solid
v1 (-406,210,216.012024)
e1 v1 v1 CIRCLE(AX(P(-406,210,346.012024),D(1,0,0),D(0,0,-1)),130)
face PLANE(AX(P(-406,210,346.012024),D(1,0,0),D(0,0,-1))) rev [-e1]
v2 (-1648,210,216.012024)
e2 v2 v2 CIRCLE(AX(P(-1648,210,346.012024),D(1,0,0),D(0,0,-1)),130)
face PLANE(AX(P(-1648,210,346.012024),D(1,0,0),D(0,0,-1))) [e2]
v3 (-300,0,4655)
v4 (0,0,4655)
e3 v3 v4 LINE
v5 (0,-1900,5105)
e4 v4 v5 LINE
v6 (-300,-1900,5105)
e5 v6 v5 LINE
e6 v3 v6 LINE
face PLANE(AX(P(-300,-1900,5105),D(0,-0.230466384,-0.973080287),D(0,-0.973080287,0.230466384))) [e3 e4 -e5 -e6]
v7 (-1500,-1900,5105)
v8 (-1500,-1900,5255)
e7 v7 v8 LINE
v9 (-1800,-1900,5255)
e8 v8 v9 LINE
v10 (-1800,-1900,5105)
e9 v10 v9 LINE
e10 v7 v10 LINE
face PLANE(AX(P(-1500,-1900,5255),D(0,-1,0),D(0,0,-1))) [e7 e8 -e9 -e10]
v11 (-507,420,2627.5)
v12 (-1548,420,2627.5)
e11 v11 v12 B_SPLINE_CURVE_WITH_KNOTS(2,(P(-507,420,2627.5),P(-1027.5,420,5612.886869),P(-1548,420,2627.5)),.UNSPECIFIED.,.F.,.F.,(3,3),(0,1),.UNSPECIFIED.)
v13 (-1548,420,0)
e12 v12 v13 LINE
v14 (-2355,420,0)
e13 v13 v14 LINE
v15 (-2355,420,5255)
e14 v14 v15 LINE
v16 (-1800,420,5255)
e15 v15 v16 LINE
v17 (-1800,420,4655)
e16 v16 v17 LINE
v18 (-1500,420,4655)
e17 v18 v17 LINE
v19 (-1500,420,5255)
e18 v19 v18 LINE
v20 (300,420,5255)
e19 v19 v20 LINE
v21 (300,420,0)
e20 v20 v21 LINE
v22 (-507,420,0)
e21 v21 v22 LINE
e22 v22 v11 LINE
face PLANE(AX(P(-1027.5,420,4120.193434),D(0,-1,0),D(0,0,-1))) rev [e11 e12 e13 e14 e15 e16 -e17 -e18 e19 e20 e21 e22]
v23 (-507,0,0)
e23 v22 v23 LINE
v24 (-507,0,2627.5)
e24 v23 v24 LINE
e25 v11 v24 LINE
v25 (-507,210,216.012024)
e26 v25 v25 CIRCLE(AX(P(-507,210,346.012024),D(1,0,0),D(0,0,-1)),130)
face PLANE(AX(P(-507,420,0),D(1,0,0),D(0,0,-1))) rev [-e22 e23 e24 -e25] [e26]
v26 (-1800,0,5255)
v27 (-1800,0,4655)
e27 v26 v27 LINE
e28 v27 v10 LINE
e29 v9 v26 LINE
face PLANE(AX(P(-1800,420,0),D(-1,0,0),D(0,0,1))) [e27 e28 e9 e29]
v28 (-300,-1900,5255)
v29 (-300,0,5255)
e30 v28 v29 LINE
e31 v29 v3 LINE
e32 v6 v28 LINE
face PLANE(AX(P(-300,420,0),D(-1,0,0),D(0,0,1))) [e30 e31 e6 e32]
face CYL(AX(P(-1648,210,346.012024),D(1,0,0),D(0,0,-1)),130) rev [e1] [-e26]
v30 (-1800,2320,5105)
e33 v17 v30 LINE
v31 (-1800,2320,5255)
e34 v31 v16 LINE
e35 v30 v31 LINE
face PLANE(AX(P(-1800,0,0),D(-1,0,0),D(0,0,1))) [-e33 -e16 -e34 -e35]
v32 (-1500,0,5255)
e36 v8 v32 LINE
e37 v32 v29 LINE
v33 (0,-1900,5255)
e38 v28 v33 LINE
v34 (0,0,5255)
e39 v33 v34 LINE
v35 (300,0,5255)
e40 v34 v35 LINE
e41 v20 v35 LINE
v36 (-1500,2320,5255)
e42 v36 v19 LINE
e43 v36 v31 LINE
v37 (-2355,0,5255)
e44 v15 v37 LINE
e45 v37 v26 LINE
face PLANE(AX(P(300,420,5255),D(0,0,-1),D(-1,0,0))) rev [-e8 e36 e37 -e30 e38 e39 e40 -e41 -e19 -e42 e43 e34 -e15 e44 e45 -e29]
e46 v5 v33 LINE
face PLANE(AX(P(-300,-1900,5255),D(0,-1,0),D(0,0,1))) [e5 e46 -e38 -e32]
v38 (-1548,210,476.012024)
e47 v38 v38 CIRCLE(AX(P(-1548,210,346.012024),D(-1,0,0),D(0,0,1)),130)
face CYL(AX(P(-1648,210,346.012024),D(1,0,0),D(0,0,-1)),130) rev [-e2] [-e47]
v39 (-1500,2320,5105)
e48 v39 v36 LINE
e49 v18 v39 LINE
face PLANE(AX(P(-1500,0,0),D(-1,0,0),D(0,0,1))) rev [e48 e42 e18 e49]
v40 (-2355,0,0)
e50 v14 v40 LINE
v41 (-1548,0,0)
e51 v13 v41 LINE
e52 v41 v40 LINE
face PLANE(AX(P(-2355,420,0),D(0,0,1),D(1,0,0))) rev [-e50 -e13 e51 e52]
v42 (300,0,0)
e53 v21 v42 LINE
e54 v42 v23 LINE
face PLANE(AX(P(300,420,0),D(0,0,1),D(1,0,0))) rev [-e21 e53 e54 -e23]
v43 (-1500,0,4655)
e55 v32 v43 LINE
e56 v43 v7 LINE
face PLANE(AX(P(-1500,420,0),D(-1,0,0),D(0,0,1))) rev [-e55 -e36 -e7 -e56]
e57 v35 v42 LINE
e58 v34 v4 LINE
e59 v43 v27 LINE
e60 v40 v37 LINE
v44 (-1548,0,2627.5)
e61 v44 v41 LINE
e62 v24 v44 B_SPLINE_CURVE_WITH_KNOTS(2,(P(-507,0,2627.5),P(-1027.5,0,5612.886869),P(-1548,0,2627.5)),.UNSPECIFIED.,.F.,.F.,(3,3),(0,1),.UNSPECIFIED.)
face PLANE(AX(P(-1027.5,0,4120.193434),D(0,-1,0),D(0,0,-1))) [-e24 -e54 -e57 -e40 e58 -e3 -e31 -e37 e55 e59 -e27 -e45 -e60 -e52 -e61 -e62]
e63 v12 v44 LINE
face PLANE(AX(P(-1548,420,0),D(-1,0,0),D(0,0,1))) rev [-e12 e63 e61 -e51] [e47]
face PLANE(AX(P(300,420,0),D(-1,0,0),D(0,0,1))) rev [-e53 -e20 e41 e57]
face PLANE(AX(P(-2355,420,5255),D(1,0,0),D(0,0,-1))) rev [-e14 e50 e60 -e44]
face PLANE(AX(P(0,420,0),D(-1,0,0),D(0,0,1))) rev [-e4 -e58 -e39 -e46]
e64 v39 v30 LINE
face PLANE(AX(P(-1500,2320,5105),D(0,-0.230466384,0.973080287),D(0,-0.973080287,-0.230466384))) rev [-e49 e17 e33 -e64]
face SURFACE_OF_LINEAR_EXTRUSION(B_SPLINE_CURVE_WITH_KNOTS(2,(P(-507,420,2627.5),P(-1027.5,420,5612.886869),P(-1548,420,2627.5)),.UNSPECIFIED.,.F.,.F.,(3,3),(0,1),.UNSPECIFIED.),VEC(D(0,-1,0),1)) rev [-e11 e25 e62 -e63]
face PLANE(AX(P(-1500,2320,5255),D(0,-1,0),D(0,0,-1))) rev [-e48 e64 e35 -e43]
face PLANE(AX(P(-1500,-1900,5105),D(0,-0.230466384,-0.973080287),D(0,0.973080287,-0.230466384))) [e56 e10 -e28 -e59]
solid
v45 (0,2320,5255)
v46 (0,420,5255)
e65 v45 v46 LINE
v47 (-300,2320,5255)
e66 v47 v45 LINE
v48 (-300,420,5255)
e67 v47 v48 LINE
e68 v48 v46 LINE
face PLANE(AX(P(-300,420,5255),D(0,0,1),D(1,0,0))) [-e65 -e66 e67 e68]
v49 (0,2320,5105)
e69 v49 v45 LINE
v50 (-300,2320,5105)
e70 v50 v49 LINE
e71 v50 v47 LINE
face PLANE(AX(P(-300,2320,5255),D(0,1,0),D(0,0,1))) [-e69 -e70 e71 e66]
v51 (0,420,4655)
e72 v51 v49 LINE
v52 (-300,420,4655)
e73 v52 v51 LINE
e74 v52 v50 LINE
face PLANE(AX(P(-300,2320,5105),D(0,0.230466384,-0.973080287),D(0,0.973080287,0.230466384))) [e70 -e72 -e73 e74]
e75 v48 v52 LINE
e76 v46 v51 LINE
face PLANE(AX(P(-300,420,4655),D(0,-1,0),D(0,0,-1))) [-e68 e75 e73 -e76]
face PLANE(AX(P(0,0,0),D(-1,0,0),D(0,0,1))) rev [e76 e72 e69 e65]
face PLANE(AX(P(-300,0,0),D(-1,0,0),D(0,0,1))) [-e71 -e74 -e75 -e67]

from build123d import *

# Parameters (mm, degrees)
BOSS_EXTRUDE1_DEPTH = 420
BOSS_EXTRUDE2_DEPTH = 300
BOSS_EXTRUDE3_DEPTH = 300
CUT_EXTRUDE2_START  = -706
SKETCH4_R           = 130
CUT_EXTRUDE2_DEPTH  = 1242


with BuildPart() as part:
    # Sketch1 → Boss-Extrude1 (new body)
    with BuildSketch(Plane(origin=(0, 0, 0), x_dir=(1, 0, 0), z_dir=(0, 1, 0))):
        with BuildLine():
            Line((300, 0), (300, -5255))
            Line((300, -5255), (-2355, -5255))
            Line((-2355, -5255), (-2355, -4455))
            Line((-2355, -4455), (-2355, 0))
            Line((-2355, 0), (-1548, 0))
            Line((-1548, 0), (-1548, -2627.5))
            add(Edge.make_bspline(
                [(-1548, -2627.5), (-1027.5, -5612.886868633), (-507, -2627.5)],
                knots=[0, 0, 0, 1, 1, 1], degree=2))
            Line((-507, -2627.5), (-507, 0))
            Line((-507, 0), (300, 0))
        make_face()
    extrude(amount=BOSS_EXTRUDE1_DEPTH)

    # Sketch2 → Boss-Extrude2 (add)
    with BuildSketch(Plane(origin=(-1800, 0, 0), x_dir=(0, 0, -1), z_dir=(1, 0, 0))):
        Polygon((-5255, 420), (-5255, 2320), (-5105, 2320), (-4655, 420), align=None)
    boss_extrude2 = extrude(amount=BOSS_EXTRUDE2_DEPTH)


with BuildPart() as body_2:
    # Sketch3 → Boss-Extrude3 (new body)
    with BuildSketch(Plane(origin=(0, 0, 0), x_dir=(0, 0, -1), z_dir=(1, 0, 0))):
        Polygon((-5255, 420), (-5255, 2320), (-5105, 2320), (-4655, 420), align=None)
    boss_extrude3 = extrude(amount=-BOSS_EXTRUDE3_DEPTH)


with BuildPart() as part_1:
    add(part.part)

    # Mirror13: Boss-Extrude3 across plane
    add(boss_extrude3.mirror(Plane.ZX.offset(210)))

    # Mirror14: Boss-Extrude2 across plane
    add(boss_extrude2.mirror(Plane.ZX.offset(210)))

    # Sketch4 → Cut-Extrude2 (cut)
    with BuildSketch(Plane(origin=(300, 0, 0), x_dir=(0, 0, -1), z_dir=(1, 0, 0)).offset(CUT_EXTRUDE2_START)):
        with Locations((-346.012024202, 210)):
            Circle(SKETCH4_R)
    extrude(amount=-CUT_EXTRUDE2_DEPTH, mode=Mode.SUBTRACT)


solid = Compound([body_2.part, part_1.part])
